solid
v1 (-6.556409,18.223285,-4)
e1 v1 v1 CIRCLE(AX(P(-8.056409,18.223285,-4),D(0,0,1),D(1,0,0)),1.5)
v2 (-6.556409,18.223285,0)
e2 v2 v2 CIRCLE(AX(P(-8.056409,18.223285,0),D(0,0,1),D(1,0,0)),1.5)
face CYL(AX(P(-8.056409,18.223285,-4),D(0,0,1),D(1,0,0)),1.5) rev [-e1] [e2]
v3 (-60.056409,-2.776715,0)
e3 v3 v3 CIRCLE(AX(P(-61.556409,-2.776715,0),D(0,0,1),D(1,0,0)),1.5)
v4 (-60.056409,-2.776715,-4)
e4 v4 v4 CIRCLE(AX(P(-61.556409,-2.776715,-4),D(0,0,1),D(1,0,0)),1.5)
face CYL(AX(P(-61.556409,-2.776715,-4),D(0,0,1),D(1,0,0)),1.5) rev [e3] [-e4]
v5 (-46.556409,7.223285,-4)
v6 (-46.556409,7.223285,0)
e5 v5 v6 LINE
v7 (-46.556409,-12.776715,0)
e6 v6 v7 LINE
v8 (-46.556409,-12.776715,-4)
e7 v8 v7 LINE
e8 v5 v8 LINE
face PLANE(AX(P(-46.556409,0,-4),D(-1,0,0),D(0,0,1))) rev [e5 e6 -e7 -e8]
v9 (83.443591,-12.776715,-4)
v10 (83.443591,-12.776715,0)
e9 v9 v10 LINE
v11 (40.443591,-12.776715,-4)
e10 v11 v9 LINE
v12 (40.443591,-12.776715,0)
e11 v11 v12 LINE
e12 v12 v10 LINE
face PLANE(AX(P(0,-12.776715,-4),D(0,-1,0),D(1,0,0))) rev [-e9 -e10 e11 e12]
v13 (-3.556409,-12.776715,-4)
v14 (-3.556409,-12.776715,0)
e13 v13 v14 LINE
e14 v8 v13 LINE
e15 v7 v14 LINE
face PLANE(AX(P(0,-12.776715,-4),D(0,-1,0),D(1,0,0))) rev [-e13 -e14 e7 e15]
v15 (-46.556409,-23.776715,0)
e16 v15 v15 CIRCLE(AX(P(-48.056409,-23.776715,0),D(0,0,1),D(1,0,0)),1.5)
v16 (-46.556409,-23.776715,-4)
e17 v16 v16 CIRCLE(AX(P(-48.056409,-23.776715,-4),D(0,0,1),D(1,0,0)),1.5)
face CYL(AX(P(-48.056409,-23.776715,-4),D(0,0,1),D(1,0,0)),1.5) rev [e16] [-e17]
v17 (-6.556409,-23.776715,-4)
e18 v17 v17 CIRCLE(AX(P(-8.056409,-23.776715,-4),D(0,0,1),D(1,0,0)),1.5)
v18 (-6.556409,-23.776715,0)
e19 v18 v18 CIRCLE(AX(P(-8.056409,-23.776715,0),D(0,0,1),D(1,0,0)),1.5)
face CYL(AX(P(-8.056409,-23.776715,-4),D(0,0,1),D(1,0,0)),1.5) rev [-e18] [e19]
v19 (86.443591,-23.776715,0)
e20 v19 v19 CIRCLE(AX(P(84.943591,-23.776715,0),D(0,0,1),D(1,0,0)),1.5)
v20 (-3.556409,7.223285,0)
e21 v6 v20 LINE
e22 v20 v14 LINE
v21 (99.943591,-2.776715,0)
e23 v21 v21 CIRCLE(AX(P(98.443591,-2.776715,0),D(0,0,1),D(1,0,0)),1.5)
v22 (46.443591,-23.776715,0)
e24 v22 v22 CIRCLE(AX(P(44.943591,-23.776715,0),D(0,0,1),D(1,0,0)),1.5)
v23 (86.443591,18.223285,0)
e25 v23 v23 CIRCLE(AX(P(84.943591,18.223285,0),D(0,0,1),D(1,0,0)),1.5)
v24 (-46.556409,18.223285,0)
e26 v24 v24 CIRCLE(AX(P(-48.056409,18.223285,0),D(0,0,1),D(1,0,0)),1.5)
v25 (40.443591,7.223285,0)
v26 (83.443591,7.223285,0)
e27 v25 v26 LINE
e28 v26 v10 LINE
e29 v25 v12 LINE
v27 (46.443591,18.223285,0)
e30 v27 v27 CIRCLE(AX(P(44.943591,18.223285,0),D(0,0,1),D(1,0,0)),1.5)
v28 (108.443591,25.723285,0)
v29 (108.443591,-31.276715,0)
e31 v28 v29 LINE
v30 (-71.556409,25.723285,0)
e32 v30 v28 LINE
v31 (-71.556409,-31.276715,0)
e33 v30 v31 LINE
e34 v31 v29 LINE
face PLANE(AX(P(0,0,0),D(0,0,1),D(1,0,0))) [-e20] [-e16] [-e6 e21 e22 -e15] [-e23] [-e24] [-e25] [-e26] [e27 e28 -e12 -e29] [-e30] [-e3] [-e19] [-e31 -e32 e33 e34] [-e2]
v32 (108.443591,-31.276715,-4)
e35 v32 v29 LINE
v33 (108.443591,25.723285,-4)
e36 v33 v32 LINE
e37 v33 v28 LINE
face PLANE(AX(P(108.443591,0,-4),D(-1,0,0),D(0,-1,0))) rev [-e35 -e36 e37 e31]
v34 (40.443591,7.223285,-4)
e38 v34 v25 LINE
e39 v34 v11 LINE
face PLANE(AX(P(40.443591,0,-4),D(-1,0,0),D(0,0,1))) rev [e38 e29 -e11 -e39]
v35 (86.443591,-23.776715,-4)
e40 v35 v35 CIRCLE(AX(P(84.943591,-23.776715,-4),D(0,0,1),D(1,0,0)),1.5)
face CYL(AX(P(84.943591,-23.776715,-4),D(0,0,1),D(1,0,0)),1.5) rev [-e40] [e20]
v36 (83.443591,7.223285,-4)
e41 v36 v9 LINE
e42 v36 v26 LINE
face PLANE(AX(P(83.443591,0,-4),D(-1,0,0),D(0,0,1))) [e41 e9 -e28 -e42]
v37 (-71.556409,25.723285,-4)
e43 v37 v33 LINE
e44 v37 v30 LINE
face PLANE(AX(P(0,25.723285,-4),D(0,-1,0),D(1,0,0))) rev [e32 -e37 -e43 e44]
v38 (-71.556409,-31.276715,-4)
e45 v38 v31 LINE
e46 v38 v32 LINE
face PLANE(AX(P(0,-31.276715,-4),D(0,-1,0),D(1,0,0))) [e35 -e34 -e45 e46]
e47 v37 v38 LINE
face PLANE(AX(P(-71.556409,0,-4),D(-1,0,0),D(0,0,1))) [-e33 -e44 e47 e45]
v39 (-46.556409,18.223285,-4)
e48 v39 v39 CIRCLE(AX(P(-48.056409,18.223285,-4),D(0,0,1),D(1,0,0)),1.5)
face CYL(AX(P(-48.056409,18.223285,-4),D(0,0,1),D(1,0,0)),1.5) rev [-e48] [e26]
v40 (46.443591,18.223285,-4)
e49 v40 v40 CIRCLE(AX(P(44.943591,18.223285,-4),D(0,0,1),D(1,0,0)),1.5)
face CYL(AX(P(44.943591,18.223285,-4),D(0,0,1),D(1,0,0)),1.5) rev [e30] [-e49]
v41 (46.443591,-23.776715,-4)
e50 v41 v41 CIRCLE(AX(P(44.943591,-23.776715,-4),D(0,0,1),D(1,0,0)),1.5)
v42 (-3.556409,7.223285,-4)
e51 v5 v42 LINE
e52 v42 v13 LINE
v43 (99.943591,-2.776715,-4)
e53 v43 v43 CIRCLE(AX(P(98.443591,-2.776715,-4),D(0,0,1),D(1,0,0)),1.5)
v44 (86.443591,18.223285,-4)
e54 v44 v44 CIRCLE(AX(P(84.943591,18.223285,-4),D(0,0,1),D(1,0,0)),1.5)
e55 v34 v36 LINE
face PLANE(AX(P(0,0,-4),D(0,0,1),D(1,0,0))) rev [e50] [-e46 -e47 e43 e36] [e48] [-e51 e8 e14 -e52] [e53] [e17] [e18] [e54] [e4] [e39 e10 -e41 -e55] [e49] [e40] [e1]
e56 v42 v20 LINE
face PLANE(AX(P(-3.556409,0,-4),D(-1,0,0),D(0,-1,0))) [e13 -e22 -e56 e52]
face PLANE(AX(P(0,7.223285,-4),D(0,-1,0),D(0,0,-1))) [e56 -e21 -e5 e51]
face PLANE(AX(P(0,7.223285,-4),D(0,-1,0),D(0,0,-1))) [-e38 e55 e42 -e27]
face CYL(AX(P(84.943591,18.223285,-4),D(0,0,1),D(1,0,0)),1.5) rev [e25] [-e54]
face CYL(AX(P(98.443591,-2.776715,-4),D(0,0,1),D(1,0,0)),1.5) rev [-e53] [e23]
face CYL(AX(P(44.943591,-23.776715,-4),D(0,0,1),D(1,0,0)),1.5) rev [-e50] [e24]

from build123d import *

# Parameters (mm, degrees)
SKETCH1_R           = 1.5
SKETCH1_W           = 43
SKETCH1_H           = 20
BOSS_EXTRUDE3_DEPTH = 4


with BuildPart() as part:
    # Sketch1 → Boss-Extrude3 (new body)
    with BuildSketch(Plane.XY):
        Polygon((8.44359092, 25.723284589), (-71.55640908, 25.723284589), (-71.55640908, -31.276715411), (8.44359092, -31.276715411), (28.44359092, -31.276715411), (108.44359092, -31.276715411), (108.44359092, 25.723284589), (28.44359092, 25.723284589), align=None)
        with Locations((-48.05640908, -23.776715411)):
            Circle(SKETCH1_R, mode=Mode.SUBTRACT)
        with Locations((-8.05640908, -23.776715411)):
            Circle(SKETCH1_R, mode=Mode.SUBTRACT)
        with Locations((-61.55640908, -2.776715411)):
            Circle(SKETCH1_R, mode=Mode.SUBTRACT)
        with Locations((-25.05640908, -2.776715411)):
            Rectangle(SKETCH1_W, SKETCH1_H, mode=Mode.SUBTRACT)
        with Locations((44.94359092, -23.776715411)):
            Circle(SKETCH1_R, mode=Mode.SUBTRACT)
        with Locations((84.94359092, -23.776715411)):
            Circle(SKETCH1_R, mode=Mode.SUBTRACT)
        with Locations((61.94359092, -2.776715411)):
            Rectangle(SKETCH1_W, SKETCH1_H, mode=Mode.SUBTRACT)
        with Locations((98.44359092, -2.776715411)):
            Circle(SKETCH1_R, mode=Mode.SUBTRACT)
        with Locations((-48.05640908, 18.223284589)):
            Circle(SKETCH1_R, mode=Mode.SUBTRACT)
        with Locations((-8.05640908, 18.223284589)):
            Circle(SKETCH1_R, mode=Mode.SUBTRACT)
        with Locations((44.94359092, 18.223284589)):
            Circle(SKETCH1_R, mode=Mode.SUBTRACT)
        with Locations((84.94359092, 18.223284589)):
            Circle(SKETCH1_R, mode=Mode.SUBTRACT)
    extrude(amount=-BOSS_EXTRUDE3_DEPTH)


solid = part.part
